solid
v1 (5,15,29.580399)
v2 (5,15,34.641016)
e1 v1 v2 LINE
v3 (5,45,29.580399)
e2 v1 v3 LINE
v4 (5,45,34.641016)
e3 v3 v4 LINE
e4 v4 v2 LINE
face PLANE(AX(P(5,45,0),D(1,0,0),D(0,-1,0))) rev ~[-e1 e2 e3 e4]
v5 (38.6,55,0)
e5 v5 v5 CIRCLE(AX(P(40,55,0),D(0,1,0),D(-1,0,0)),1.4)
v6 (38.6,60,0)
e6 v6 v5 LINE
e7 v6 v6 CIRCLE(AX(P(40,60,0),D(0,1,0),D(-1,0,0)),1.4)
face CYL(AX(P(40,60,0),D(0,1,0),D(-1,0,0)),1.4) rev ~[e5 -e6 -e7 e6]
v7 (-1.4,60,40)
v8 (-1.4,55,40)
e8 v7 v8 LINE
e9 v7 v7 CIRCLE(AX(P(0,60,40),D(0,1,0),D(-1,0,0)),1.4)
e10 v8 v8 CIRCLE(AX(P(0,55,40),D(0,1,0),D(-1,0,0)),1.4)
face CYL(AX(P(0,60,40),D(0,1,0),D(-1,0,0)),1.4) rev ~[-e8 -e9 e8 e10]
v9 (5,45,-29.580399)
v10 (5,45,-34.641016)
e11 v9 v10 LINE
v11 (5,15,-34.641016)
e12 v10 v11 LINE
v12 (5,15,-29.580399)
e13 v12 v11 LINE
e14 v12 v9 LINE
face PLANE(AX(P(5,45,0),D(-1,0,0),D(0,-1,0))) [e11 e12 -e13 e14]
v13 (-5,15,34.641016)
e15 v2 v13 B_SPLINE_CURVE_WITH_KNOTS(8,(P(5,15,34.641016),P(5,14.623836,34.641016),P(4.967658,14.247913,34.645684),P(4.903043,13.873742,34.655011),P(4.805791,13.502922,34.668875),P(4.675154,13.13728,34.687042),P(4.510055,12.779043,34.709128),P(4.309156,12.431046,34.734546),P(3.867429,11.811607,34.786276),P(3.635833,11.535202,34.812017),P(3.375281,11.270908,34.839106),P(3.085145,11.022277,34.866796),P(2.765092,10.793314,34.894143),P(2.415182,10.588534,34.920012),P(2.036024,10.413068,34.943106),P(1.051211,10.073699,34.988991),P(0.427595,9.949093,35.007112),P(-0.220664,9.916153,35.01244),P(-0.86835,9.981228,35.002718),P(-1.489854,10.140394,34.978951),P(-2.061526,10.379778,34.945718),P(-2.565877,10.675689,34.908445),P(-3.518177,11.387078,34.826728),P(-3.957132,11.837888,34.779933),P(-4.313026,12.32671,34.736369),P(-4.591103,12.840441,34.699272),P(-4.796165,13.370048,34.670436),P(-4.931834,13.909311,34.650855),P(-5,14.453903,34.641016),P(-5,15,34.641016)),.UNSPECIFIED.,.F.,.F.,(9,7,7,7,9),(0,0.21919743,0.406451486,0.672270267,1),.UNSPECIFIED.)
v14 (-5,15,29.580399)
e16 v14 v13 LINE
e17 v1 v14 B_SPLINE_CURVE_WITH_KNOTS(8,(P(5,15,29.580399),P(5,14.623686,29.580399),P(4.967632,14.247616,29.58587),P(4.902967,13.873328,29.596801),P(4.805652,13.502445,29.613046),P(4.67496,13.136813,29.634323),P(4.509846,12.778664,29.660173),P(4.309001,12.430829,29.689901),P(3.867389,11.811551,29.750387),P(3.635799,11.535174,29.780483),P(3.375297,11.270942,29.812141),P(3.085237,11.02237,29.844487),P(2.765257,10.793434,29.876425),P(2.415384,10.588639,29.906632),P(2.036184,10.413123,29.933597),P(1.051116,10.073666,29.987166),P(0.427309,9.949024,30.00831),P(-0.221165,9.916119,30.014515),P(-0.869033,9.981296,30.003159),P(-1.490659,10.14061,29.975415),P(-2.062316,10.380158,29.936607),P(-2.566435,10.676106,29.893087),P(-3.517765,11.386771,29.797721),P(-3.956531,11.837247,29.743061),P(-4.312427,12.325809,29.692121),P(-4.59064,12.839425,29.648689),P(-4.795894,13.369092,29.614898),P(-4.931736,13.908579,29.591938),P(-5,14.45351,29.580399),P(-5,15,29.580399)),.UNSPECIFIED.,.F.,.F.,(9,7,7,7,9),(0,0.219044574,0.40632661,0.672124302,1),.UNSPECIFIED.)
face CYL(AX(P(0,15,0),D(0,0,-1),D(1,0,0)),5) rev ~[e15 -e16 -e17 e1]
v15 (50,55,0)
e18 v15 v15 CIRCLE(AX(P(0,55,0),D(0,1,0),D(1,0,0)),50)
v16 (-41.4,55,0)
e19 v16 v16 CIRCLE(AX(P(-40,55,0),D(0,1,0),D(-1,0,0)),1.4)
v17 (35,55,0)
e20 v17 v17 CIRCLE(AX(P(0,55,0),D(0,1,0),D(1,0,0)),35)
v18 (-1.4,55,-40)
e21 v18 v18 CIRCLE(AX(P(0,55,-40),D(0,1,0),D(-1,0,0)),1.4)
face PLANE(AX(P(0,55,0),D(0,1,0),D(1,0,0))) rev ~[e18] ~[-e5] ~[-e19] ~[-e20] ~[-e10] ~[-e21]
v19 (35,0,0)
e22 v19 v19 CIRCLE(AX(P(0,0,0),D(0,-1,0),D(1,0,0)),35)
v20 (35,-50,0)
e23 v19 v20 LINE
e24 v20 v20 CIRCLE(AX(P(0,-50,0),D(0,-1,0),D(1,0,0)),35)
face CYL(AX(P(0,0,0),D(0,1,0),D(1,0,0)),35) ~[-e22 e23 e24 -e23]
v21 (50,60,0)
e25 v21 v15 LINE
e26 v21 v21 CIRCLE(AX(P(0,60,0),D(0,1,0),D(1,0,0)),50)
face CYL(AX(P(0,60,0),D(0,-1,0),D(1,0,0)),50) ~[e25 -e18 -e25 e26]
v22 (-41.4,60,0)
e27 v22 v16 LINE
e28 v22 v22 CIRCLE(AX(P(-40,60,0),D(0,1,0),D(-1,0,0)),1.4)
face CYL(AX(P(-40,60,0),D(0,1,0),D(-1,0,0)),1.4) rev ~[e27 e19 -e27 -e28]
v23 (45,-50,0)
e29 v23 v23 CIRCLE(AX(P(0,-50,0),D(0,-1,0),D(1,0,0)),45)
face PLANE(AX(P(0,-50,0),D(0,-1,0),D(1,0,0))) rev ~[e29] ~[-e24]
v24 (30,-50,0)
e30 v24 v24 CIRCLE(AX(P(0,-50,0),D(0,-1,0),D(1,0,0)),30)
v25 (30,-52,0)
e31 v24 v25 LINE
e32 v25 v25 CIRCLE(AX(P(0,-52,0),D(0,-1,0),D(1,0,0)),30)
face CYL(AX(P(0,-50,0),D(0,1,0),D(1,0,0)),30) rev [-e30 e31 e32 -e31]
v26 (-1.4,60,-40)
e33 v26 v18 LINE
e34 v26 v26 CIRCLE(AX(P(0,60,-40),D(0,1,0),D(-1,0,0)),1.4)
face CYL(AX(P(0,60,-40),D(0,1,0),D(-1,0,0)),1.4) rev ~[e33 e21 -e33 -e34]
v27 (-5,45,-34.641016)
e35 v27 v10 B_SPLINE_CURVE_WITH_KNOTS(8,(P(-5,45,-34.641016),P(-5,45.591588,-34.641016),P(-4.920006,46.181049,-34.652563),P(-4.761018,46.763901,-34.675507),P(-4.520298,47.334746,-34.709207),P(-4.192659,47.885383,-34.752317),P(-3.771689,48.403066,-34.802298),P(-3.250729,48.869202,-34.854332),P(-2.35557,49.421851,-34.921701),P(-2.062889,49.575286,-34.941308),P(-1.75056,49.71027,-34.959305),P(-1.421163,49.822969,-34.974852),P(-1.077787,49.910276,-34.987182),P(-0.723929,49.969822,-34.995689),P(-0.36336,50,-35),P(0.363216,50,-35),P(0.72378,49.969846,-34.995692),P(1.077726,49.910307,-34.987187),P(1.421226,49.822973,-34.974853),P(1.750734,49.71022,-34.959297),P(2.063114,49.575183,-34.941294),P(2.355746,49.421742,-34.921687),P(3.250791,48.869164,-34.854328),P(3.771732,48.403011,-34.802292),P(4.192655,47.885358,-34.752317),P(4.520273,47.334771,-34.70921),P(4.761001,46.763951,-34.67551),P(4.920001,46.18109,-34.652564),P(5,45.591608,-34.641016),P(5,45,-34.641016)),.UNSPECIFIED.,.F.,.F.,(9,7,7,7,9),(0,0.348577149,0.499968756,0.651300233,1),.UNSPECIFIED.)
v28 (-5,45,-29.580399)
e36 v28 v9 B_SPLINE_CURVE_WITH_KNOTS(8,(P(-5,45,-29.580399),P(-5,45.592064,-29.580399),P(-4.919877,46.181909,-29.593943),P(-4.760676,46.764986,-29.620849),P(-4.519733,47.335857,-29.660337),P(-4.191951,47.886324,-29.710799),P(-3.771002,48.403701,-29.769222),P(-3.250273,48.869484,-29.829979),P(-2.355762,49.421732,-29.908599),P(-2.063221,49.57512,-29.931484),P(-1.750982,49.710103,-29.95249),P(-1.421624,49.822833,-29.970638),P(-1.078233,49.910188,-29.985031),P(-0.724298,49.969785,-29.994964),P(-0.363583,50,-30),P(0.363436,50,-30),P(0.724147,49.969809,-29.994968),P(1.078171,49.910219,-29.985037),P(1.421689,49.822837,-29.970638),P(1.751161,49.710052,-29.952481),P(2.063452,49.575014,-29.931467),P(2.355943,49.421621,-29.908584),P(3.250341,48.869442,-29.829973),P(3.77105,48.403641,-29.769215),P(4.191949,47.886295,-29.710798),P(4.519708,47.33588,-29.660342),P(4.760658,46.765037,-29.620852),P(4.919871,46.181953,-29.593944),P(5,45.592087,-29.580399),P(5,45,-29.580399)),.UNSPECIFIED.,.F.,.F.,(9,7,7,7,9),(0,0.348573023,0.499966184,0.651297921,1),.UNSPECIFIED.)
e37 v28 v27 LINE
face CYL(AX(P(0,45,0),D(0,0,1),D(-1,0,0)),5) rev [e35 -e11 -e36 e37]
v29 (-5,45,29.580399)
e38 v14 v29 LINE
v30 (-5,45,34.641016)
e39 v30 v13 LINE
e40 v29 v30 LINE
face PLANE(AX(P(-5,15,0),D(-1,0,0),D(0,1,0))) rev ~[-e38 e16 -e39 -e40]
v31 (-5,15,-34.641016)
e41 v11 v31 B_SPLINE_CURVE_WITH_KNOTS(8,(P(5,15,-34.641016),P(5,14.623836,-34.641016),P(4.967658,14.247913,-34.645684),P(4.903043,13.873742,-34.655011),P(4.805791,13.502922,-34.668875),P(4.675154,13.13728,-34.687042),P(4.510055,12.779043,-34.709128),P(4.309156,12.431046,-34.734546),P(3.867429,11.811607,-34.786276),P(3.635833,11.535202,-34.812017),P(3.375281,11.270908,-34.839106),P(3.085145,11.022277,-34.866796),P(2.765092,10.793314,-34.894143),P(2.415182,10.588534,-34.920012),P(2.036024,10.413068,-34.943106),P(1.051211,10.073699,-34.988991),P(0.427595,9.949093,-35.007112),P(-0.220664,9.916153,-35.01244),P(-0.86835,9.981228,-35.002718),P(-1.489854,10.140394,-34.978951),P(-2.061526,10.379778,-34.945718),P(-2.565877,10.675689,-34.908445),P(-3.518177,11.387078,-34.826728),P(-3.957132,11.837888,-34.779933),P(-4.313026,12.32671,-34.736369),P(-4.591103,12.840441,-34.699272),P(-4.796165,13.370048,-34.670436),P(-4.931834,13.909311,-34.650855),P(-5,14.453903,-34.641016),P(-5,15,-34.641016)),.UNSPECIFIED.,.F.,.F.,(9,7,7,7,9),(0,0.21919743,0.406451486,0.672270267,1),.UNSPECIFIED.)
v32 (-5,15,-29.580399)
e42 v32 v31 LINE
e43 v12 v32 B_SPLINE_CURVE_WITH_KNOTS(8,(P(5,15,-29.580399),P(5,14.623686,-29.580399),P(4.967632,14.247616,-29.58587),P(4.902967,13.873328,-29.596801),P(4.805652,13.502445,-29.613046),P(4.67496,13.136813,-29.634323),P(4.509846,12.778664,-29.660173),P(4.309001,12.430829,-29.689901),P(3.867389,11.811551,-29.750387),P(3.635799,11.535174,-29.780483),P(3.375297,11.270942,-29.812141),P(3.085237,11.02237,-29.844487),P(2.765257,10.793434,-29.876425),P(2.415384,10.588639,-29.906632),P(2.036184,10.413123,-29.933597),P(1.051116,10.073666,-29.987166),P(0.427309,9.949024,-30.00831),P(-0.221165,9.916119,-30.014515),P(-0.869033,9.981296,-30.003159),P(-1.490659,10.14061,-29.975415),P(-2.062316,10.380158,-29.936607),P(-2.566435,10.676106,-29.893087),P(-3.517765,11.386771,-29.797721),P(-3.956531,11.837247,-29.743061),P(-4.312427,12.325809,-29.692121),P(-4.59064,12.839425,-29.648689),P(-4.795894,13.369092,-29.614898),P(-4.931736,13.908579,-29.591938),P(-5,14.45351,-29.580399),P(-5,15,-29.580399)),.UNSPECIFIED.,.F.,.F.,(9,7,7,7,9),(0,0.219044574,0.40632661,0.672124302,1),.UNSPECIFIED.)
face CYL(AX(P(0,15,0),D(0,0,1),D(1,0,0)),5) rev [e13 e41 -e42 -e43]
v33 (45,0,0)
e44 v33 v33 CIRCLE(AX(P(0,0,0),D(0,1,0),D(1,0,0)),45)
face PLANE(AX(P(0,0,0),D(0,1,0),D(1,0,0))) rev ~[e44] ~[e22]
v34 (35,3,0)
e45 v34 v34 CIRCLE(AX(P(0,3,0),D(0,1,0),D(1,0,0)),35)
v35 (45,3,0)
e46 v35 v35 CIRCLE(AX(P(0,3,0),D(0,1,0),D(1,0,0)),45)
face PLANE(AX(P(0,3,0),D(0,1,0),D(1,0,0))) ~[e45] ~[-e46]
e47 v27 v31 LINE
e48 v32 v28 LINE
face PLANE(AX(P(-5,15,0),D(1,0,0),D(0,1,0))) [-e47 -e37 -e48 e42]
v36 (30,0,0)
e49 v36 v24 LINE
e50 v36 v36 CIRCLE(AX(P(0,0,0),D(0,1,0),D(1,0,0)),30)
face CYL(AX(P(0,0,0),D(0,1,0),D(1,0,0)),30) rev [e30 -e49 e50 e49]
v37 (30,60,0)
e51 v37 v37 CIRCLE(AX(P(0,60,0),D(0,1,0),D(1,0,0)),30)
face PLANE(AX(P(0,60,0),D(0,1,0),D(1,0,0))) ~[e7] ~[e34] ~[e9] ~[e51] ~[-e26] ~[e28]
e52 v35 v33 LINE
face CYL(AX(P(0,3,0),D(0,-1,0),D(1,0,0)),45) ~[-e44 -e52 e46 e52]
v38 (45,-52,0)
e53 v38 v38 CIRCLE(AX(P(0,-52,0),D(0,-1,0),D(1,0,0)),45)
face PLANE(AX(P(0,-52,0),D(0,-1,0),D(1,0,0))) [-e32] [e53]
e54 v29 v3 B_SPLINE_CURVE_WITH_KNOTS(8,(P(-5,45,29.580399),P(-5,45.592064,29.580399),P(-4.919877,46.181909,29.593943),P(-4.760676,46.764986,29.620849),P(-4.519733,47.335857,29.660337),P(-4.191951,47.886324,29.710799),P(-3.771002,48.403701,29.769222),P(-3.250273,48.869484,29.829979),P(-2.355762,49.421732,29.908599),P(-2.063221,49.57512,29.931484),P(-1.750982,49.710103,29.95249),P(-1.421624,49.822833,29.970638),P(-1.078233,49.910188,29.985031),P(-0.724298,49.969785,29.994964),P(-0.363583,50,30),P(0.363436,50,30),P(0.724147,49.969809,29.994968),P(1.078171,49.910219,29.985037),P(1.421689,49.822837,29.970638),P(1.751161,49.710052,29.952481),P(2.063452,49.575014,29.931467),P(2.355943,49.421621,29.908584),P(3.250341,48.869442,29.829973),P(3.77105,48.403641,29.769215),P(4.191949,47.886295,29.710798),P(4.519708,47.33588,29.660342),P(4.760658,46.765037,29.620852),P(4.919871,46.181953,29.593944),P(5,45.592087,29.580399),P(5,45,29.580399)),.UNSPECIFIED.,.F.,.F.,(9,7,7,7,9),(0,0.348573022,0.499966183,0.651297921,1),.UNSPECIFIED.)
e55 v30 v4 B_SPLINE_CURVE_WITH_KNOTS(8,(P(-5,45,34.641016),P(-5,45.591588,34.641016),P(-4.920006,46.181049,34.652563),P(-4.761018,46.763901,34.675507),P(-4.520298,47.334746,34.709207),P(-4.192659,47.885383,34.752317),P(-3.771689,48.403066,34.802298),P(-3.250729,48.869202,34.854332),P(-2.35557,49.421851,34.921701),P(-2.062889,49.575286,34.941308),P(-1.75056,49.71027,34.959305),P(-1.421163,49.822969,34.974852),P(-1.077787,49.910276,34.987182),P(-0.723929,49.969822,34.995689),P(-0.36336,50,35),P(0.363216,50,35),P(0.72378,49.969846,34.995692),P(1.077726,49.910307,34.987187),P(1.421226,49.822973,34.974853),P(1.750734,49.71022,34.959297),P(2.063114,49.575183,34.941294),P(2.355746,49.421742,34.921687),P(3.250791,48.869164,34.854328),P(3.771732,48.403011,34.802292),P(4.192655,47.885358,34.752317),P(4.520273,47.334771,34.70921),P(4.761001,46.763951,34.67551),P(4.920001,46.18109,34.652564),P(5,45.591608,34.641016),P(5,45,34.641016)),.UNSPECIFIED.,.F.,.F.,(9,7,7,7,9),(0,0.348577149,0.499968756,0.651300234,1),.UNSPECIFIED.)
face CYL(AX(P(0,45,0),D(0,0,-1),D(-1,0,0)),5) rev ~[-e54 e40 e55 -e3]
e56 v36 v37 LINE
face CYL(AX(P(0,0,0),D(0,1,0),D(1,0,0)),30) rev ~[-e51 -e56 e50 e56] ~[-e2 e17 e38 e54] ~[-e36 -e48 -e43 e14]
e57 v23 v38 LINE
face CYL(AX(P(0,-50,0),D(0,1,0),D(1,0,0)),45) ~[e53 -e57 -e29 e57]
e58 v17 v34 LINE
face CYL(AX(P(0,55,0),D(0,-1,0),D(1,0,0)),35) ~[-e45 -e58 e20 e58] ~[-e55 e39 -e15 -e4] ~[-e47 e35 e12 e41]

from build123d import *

# Parameters (mm, degrees)
SKETCH_2_R               = 35
SKETCH_2_R_2             = 30
EXTRUDE_1_DEPTH          = 50
SKETCH_3_R               = 45
SKETCH_3_R_2             = 30
EXTRUDE_2_DEPTH          = 2
CUT_EXTRUDE_1_REACH      = 134.454
SKETCH_4_R               = 1.4
CUT_EXTRUDE_2_DEPTH      = 93.736184955
CUT_EXTRUDE_2_DEPTH_BACK = 93.736184955


with BuildPart() as part:
    # 草图1 → 旋转1 (revolve)
    with BuildSketch(Plane.XY, mode=Mode.PRIVATE) as revolve_1_sk:
        Polygon((-45, 0), (-30, 0), (-30, 60), (-50, 60), (-50, 55), (-35, 55), (-35, 3), (-45, 3), align=None)
    revolve(revolve_1_sk.sketch.rotate(Axis((0, -563.187180309, 0), (0, 1, 0)), 180), axis=Axis((0, -563.187180309, 0), (0, 1, 0)))

    # 草图2 → 凸台-拉伸1 (add)
    with BuildSketch(Plane.XZ):
        Circle(SKETCH_2_R)
        Circle(SKETCH_2_R_2, mode=Mode.SUBTRACT)
    extrude(amount=EXTRUDE_1_DEPTH)

    # 草图3 → 凸台-拉伸2 (add)
    with BuildSketch(Plane.XZ.offset(50)):
        Circle(SKETCH_3_R)
        Circle(SKETCH_3_R_2, mode=Mode.SUBTRACT)
    extrude(amount=EXTRUDE_2_DEPTH)

    # 草图4 → 切除-拉伸1 (cut, up to next)
    with BuildSketch(Plane(origin=(0, 60, 0), x_dir=(1, 0, 0), z_dir=(0, 1, 0)), mode=Mode.PRIVATE) as cut_extrude_1_sk1:
        with Locations(Location((0, 40, 0), (0, 0, 180))):
            Circle(SKETCH_4_R)
    cut_extrude_1_tool1 = extrude(cut_extrude_1_sk1.sketch, amount=-CUT_EXTRUDE_1_REACH, mode=Mode.PRIVATE) & part.part
    # 草图4 → 切除-拉伸1 (cut, up to next)
    with BuildSketch(Plane(origin=(0, 60, 0), x_dir=(1, 0, 0), z_dir=(0, 1, 0)), mode=Mode.PRIVATE) as cut_extrude_1_sk2:
        with Locations(Location((40, 0, 0), (0, 0, 180))):
            Circle(SKETCH_4_R)
    cut_extrude_1_tool2 = extrude(cut_extrude_1_sk2.sketch, amount=-CUT_EXTRUDE_1_REACH, mode=Mode.PRIVATE) & part.part
    # 草图4 → 切除-拉伸1 (cut, up to next)
    with BuildSketch(Plane(origin=(0, 60, 0), x_dir=(1, 0, 0), z_dir=(0, 1, 0)), mode=Mode.PRIVATE) as cut_extrude_1_sk3:
        with Locations(Location((0, -40, 0), (0, 0, 180))):
            Circle(SKETCH_4_R)
    cut_extrude_1_tool3 = extrude(cut_extrude_1_sk3.sketch, amount=-CUT_EXTRUDE_1_REACH, mode=Mode.PRIVATE) & part.part
    # 草图4 → 切除-拉伸1 (cut, up to next)
    with BuildSketch(Plane(origin=(0, 60, 0), x_dir=(1, 0, 0), z_dir=(0, 1, 0)), mode=Mode.PRIVATE) as cut_extrude_1_sk4:
        with Locations(Location((-40, 0, 0), (0, 0, 180))):
            Circle(SKETCH_4_R)
    cut_extrude_1_tool4 = extrude(cut_extrude_1_sk4.sketch, amount=-CUT_EXTRUDE_1_REACH, mode=Mode.PRIVATE) & part.part
    add(cut_extrude_1_tool1.solids().sort_by_distance((0, 60, -40))[0], mode=Mode.SUBTRACT)
    add(cut_extrude_1_tool2.solids().sort_by_distance((40, 60, 0))[0], mode=Mode.SUBTRACT)
    add(cut_extrude_1_tool3.solids().sort_by_distance((0, 60, 40))[0], mode=Mode.SUBTRACT)
    add(cut_extrude_1_tool4.solids().sort_by_distance((-40, 60, 0))[0], mode=Mode.SUBTRACT)

    # 草图5 → 切除-拉伸2 (cut, two sides)
    with BuildSketch(Plane.XY) as cut_extrude_2_sk:
        with BuildLine():
            Line((5, 45), (5, 15))
            ThreePointArc((5, 15), (0, 10), (-5, 15))
            Line((-5, 15), (-5, 45))
            ThreePointArc((-5, 45), (0, 50), (5, 45))
        make_face()
    extrude(amount=CUT_EXTRUDE_2_DEPTH, mode=Mode.SUBTRACT)
    extrude(cut_extrude_2_sk.sketch, amount=-CUT_EXTRUDE_2_DEPTH_BACK, mode=Mode.SUBTRACT)


solid = part.part
